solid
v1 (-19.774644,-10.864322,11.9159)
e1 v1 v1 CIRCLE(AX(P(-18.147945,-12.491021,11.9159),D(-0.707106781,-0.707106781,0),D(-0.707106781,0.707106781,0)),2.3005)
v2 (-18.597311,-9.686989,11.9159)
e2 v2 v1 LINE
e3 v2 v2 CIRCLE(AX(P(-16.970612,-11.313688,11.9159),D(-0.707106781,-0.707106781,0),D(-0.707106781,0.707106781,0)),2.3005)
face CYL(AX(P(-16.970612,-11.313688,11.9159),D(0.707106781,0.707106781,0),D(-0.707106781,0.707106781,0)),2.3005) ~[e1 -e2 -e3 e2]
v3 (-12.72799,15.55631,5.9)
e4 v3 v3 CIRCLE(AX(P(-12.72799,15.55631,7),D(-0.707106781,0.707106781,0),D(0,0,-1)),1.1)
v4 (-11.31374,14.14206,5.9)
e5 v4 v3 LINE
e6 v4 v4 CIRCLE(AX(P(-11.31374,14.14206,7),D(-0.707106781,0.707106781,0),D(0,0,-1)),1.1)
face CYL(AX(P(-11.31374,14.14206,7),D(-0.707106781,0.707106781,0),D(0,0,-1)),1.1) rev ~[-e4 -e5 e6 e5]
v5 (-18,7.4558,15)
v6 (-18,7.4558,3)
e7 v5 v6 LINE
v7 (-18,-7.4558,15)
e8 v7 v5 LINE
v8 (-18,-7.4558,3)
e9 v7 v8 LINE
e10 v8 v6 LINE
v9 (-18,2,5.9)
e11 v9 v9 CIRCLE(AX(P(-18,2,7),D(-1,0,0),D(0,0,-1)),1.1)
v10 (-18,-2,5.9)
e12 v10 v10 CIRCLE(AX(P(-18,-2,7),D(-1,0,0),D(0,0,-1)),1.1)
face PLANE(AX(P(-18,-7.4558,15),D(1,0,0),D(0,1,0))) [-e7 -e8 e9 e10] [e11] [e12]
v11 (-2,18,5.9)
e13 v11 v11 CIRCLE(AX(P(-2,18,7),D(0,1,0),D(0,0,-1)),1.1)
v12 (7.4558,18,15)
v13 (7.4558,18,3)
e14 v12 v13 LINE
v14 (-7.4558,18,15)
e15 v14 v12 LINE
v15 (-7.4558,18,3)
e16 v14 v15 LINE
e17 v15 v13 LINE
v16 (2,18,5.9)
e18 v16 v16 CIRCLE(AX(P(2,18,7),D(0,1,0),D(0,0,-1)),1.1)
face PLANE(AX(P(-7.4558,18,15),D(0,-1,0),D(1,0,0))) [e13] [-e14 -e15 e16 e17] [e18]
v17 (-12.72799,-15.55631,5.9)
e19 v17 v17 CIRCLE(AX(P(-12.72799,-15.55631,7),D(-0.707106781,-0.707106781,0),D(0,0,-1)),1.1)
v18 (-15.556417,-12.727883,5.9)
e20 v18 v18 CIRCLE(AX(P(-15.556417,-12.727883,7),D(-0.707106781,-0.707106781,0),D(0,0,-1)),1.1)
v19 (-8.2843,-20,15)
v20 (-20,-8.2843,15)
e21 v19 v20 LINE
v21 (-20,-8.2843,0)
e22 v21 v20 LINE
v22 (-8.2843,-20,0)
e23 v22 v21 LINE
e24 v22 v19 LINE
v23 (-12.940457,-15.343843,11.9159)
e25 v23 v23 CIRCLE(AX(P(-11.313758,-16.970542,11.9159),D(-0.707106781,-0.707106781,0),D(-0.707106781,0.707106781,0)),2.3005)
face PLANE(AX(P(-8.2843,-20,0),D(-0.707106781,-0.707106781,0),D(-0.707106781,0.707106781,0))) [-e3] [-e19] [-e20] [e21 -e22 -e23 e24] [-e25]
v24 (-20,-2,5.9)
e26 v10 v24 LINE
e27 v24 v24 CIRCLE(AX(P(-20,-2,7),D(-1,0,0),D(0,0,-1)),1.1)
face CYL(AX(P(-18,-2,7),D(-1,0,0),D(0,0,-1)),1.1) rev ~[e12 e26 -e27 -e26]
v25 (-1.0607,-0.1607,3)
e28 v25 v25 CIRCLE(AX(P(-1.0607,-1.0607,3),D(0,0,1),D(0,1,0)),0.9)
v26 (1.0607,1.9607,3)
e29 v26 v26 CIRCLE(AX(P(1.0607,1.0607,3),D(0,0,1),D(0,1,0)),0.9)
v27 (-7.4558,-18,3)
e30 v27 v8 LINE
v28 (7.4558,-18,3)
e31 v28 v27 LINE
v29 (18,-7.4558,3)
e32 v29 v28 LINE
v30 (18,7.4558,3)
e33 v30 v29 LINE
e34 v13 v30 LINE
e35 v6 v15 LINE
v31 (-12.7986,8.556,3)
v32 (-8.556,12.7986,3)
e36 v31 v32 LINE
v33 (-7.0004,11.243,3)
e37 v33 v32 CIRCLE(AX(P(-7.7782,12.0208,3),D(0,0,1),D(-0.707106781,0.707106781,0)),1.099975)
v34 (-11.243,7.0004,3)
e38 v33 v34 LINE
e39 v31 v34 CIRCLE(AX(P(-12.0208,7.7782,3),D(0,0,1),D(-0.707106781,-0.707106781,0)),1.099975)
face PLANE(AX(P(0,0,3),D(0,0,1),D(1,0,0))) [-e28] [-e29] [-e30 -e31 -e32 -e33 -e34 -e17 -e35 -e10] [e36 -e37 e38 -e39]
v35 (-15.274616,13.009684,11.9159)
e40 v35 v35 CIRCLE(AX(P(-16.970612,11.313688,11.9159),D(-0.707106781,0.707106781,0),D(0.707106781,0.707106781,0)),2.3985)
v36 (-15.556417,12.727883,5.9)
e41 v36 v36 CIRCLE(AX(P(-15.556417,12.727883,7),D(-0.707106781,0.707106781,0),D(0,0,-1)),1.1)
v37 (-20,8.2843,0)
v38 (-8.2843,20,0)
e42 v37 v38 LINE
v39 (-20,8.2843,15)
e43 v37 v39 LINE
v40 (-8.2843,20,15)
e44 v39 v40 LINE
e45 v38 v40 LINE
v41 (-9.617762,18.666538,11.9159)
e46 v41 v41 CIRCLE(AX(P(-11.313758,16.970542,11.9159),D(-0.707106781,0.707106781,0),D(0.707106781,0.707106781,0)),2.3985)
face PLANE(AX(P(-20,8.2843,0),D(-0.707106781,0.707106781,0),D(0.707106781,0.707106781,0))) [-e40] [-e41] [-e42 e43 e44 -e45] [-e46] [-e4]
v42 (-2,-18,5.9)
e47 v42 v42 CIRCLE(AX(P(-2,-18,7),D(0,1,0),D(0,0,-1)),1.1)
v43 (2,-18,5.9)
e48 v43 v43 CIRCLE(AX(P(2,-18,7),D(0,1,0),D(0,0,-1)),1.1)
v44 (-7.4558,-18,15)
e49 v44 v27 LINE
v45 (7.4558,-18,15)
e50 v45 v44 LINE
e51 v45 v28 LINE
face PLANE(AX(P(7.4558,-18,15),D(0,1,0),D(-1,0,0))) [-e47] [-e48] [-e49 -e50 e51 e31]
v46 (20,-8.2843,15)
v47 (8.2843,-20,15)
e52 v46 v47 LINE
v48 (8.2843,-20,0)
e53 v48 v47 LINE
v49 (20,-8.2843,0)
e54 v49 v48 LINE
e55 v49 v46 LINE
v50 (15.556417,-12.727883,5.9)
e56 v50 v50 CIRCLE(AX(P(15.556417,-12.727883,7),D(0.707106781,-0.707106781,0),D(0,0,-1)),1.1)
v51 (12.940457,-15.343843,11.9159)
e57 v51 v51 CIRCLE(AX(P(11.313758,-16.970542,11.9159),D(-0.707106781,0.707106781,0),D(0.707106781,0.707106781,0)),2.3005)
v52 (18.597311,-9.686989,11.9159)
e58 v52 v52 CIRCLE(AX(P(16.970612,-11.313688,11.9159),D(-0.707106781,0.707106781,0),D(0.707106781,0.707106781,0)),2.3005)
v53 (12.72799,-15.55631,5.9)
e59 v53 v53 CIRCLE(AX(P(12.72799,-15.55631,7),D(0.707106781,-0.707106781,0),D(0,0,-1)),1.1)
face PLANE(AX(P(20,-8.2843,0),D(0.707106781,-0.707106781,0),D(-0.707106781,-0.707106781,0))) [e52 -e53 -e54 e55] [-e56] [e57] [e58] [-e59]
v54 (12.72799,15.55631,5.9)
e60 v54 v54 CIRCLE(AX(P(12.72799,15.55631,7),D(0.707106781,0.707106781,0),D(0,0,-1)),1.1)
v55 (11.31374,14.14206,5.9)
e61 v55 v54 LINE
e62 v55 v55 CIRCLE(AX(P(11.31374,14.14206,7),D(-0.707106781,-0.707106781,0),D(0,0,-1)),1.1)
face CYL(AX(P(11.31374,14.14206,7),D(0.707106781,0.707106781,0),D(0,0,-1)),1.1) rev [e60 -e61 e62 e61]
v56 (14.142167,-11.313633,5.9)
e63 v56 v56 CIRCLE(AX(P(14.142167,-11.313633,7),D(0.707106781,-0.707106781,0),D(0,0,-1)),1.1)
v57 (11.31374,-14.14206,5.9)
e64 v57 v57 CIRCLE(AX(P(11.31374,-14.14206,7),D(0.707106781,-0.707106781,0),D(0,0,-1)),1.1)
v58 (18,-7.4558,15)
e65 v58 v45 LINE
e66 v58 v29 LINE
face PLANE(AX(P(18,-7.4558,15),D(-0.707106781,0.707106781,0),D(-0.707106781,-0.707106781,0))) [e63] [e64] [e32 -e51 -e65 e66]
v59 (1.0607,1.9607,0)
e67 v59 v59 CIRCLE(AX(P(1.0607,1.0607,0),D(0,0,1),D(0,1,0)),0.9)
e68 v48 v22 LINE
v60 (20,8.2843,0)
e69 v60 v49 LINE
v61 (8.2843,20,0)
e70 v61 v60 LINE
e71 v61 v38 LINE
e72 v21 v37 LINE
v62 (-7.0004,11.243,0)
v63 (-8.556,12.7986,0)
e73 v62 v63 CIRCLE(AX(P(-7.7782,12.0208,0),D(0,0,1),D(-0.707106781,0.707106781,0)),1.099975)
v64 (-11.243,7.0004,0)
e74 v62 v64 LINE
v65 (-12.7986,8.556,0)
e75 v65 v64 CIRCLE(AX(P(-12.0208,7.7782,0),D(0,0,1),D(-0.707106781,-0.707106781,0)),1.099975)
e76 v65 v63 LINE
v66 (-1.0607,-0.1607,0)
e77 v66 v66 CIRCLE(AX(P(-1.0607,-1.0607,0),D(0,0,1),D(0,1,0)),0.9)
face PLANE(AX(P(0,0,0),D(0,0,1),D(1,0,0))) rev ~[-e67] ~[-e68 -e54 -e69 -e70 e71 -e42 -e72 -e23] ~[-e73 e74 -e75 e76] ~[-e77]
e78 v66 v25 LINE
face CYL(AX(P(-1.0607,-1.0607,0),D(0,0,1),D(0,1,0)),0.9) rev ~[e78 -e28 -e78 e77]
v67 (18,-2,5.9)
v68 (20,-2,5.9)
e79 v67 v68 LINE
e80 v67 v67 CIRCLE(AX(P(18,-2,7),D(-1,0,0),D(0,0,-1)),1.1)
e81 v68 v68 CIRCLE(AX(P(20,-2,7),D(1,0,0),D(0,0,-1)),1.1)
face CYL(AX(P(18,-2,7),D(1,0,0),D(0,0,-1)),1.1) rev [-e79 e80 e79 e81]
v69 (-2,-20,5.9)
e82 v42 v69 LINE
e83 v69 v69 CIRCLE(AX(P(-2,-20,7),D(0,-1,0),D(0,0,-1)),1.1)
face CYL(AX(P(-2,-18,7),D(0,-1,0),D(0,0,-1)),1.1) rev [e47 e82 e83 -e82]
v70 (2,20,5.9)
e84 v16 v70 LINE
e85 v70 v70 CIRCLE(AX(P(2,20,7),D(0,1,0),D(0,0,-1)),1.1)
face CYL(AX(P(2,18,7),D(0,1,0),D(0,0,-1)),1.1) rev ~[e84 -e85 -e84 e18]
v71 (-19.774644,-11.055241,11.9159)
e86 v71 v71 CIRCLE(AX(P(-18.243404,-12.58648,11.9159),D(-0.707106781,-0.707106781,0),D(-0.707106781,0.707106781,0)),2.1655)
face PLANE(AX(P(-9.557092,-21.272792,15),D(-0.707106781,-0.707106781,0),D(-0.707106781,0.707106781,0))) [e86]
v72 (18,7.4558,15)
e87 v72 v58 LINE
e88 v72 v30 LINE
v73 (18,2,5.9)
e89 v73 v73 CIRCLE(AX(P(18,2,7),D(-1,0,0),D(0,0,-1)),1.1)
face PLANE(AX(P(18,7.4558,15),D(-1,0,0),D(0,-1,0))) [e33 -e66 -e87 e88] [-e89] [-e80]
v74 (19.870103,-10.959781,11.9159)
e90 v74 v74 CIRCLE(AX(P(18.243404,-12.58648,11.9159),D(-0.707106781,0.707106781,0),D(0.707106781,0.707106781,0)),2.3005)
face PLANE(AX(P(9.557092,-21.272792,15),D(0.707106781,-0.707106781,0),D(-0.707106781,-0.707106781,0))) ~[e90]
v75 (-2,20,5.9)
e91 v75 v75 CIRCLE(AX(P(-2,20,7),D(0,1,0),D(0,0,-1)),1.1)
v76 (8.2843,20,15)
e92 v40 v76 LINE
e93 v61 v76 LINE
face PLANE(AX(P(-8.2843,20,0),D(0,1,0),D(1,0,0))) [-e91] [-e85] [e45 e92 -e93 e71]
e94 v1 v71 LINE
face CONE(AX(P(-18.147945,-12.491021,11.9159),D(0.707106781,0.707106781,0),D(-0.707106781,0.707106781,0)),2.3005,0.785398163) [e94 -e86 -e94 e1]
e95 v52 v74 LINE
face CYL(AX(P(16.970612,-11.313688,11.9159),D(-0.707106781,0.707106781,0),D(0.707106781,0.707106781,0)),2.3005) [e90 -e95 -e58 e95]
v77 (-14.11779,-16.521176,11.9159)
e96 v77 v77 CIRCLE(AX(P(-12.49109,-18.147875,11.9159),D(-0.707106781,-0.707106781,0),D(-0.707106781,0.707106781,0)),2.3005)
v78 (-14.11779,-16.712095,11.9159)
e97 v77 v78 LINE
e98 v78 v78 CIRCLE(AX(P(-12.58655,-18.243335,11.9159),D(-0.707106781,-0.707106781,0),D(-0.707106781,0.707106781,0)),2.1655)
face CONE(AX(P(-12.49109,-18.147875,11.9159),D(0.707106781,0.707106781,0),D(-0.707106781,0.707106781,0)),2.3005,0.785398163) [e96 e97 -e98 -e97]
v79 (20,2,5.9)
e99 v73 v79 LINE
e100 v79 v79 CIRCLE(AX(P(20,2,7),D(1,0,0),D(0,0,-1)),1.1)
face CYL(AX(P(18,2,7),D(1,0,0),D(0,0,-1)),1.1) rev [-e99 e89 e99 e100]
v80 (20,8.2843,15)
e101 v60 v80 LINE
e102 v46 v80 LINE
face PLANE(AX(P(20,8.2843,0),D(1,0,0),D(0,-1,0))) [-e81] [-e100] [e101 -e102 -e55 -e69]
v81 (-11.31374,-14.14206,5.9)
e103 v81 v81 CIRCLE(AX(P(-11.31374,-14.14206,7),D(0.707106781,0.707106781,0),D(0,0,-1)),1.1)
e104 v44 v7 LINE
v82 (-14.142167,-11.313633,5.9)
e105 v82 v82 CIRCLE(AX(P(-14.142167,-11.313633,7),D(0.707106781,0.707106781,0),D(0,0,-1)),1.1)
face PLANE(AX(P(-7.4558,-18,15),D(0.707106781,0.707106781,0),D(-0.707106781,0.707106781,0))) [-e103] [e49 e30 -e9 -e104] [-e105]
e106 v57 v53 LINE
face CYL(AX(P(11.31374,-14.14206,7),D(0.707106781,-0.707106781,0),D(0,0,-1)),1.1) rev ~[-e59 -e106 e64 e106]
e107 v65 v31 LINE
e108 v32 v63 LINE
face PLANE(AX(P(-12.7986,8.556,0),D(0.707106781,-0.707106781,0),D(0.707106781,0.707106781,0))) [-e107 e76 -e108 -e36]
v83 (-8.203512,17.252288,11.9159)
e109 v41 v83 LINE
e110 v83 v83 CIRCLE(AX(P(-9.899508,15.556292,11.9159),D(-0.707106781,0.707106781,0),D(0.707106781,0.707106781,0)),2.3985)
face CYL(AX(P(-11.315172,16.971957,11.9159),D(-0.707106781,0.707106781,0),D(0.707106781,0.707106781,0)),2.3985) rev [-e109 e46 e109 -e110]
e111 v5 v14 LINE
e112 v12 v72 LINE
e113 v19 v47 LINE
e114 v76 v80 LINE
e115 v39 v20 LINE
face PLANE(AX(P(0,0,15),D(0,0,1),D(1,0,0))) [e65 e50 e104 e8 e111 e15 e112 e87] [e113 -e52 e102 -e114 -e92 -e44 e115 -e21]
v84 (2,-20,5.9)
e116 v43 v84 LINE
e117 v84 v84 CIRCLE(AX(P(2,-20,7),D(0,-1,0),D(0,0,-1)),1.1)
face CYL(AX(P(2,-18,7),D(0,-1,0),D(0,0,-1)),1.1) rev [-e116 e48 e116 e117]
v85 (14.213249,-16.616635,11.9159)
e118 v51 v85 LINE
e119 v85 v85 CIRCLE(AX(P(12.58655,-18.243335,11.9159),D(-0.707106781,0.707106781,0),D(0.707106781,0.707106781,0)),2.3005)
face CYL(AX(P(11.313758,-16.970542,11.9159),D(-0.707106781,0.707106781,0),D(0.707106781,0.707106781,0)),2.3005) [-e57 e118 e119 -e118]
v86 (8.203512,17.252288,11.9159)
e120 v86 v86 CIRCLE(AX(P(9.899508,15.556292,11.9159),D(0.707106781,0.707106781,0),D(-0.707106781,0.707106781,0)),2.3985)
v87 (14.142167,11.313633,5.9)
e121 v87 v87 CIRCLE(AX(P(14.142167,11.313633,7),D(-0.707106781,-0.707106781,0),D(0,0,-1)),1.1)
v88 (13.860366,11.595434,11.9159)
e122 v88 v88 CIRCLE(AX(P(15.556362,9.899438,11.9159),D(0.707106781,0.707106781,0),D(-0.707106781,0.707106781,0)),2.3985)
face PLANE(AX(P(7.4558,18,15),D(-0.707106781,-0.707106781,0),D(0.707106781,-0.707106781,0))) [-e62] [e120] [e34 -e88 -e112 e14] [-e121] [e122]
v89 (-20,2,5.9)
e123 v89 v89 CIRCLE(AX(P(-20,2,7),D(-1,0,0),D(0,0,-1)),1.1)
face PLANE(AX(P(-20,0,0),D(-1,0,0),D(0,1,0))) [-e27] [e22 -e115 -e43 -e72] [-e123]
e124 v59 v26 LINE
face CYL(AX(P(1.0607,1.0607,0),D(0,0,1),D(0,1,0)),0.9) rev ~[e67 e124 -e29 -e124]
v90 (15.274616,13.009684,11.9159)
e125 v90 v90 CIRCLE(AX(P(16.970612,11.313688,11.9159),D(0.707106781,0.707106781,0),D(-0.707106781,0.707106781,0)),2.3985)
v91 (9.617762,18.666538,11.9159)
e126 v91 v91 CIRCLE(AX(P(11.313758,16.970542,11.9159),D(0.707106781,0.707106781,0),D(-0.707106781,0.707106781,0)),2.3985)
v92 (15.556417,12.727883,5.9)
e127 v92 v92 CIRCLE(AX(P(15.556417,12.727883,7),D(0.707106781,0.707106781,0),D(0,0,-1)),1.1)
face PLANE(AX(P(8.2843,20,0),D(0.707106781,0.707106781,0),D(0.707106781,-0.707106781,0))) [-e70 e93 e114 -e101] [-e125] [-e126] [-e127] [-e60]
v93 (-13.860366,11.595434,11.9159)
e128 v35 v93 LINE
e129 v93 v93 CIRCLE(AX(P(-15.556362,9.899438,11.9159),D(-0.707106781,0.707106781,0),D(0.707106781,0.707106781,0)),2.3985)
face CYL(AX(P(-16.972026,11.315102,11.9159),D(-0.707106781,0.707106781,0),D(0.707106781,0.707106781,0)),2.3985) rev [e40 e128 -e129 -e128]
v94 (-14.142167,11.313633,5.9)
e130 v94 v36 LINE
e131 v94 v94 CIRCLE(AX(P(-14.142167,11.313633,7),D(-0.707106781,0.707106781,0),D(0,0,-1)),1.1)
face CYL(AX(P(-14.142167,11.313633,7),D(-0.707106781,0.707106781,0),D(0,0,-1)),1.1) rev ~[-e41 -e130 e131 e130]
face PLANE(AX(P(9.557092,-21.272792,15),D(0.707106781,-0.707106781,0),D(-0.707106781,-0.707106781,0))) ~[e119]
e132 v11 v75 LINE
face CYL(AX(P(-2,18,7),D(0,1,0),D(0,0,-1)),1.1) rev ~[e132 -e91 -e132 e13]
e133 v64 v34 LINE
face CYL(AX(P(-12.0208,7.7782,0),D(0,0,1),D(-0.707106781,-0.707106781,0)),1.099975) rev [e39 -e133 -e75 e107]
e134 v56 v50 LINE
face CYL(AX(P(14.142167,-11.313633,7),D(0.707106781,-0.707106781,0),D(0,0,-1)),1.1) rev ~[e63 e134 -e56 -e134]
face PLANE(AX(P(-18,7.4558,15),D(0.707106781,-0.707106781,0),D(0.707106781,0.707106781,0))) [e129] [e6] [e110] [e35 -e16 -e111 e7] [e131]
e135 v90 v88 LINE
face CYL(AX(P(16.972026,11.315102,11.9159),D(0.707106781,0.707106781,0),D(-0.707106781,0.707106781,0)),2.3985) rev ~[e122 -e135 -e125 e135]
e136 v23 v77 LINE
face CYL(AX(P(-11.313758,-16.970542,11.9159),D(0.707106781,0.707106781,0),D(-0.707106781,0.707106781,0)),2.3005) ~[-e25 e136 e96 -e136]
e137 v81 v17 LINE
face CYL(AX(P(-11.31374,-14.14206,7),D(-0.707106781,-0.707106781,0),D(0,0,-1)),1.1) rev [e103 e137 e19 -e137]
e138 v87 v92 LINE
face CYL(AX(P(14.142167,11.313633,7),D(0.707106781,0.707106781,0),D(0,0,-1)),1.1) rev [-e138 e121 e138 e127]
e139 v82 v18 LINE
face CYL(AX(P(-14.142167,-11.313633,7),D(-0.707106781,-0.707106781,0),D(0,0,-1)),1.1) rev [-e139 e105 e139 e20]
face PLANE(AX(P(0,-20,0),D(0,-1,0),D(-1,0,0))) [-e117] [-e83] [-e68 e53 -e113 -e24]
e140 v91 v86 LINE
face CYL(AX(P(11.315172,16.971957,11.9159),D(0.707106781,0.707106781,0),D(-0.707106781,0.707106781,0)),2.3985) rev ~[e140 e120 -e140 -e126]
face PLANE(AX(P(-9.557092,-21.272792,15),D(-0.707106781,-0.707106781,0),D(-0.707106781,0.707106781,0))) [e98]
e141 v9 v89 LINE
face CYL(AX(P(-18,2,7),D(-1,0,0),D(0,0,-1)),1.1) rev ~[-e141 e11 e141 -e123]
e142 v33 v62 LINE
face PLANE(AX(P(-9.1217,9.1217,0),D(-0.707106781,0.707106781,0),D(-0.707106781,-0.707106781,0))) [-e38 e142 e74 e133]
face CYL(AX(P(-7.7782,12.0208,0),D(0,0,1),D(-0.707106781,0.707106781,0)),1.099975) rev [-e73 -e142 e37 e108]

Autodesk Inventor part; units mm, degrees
sketch "Skizze1" plane through (0, 0, 0) normal (0, 0, 1) x (1, 0, 0)
  line L0 (-8.2843, 20) -> (8.2843, 20)
  line L1 (8.2843, 20) -> (20, 8.2843)
  line L2 (20, 8.2843) -> (20, -8.2843)
  line L3 (20, -8.2843) -> (8.2843, -20)
  line L4 (8.2843, -20) -> (-8.2843, -20)
  line L5 (-8.2843, -20) -> (-20, -8.2843)
  line L6 (-20, -8.2843) -> (-20, 8.2843)
  line L7 (-20, 8.2843) -> (-8.2843, 20)
  line L8 (0, -28) -> (0, 28) projected
  line L9 (-28, 0) -> (28, 0) projected
  point P0 (0, 0)
  dimension "d0" = 40
  dimension "d1" = 40
extrude "Extrusion1" add sketch "Skizze1" along normal blind 15
sketch "Skizze2" plane through (0, 0, 15) normal (0, 0, 1) x (1, 0, 0)
  line L0 (8.2843, 20) -> (-8.2843, 20) projected
  line L1 (-8.2843, 20) -> (-20, 8.2843) projected
  line L2 (-20, 8.2843) -> (-20, -8.2843) projected
  line L3 (-20, -8.2843) -> (-8.2843, -20) projected
  line L4 (-8.2843, -20) -> (8.2843, -20) projected
  line L5 (8.2843, -20) -> (20, -8.2843) projected
  line L6 (20, -8.2843) -> (20, 8.2843) projected
  line L7 (20, 8.2843) -> (8.2843, 20) projected
  line L8 (-7.4558, 18) -> (7.4558, 18)
  line L9 (7.4558, 18) -> (18, 7.4558)
  line L10 (18, 7.4558) -> (18, -7.4558)
  line L11 (18, -7.4558) -> (7.4558, -18)
  line L12 (7.4558, -18) -> (-7.4558, -18)
  line L13 (-7.4558, -18) -> (-18, -7.4558)
  line L14 (-18, -7.4558) -> (-18, 7.4558)
  line L15 (-18, 7.4558) -> (-7.4558, 18)
  point P0 (0, 0)
  dimension "d4" = 2
extrude "Extrusion2" cut sketch "Skizze2" against normal blind 12 contours L8 L9 L10 L11 L12 L13 L14 L15
sketch "Skizze3" plane through (-18, -7.4558, 15) normal (1, 0, 0) x (0, 0, -1)
  line L0 (0, 0) -> (0, 14.9117) projected
  line L1 (0, 0) -> (12, 0) projected
  line L2 (12, 0) -> (12, 14.9117) projected
  line L3 (0, 14.9117) -> (12, 14.9117) projected
  line L4 (12, 0) -> (12, 14.9117) projected
  line L5 (12, 7.4558) -> (0, 7.4558)
  line L6 (0, 0) -> (0, 14.9117) projected
  point P0 (15, 7.4558)
  point P1 (8, 9.4558)
  point P2 (8, 5.4558)
  dimension "d7" = 4
  dimension "d23" = 4
hole "Bohrung1" at (-18, 2, 7) at (-18, -2, 7) direction (-1, 0, 0) diameter 2.2 end through all
mirror "Spiegeln1" about plane through (0, 0, 0) normal (1, 0, 0) of "Bohrung1"
ref_plane "Arbeitsebene1" through (-5.2721, -5.2721, 15) normal (0.7071, -0.7071, 0) x (-0.7071, -0.7071, 0)
mirror "Spiegeln2" about plane through (-5.2721, -5.2721, 15) normal (0.7071, -0.7071, 0) of "Bohrung1"
sketch "Skizze4" plane through (-7.4558, -18, 3) normal (0.7071, 0.7071, 0) x (-0.7071, 0.7071, 0)
  point P0 (7.4558, -3)
ref_plane "Arbeitsebene2" through (-18, -7.4558, 15) normal (0.3827, -0.9239, 0) x (0, 0, -1)
mirror "Spiegeln3" about plane through (-18, -7.4558, 15) normal (0.3827, -0.9239, 0) of "Bohrung1"
mirror "Spiegeln4" about plane through (0, 0, 0) normal (0, 1, 0) of "Bohrung1", "Spiegeln2"
mirror "Spiegeln5" about plane through (0, 0, 0) normal (1, 0, 0) of "Bohrung1", "Spiegeln3"
mirror "Spiegeln6" about plane through (0, 0, 0) normal (0, 1, 0) of "Bohrung1", "Spiegeln3", "Spiegeln5"
sketch "Skizze6" plane through (-8.2843, -20, 15) normal (-0.7071, -0.7071, 0) x (-0.7071, 0.7071, 0)
  circle A0 centre (4.2843, 3.0841) radius 2.3005
  circle A1 centre (6.2843, 8) radius 1.1 projected
  circle A2 centre (10.2843, 8) radius 1.1 projected
  line L0 (0, 15) -> (16.5685, 15) projected
  line L1 (0, 15) -> (0, 0) projected
  line L2 (16.5685, 0) -> (0, 0) projected
  line L3 (16.5685, 15) -> (16.5685, 0) projected
  circle A3 centre (12.2843, 3.0841) radius 2.3005
  line L4 (8.2843, 15) -> (8.2843, 0)
  line L5 (16.5685, 0) -> (0, 0) projected
  dimension "d24" = 4.601
  dimension "d25" = 4.601
  dimension "d26" = 8
extrude "Extrusion3" add sketch "Skizze6" along normal blind 1.8 contours A0 | A3
chamfer "Fase1" distance 0.135 angle 45 2 edges at (-10.9598, -19.8701, 11.9159) (-16.6167, -14.2132, 11.9159)
sketch "Skizze7" plane through (8.2843, 20, 0) normal (0.7071, 0.7071, 0) x (-0.7071, 0.7071, 0)
  circle A0 centre (-4.2843, 11.9159) radius 2.3005 projected
  circle A1 centre (-12.2843, 11.9159) radius 2.3005 projected
  circle A2 centre (-4.2843, 11.9159) radius 2.3985
  circle A3 centre (-12.2843, 11.9159) radius 2.3985
  point P0 (-8.2843, 0)
  dimension "d33" = 4.797
  dimension "d34" = 4.797
extrude "Extrusion4" cut sketch "Skizze7" against normal blind 2.2 contours A0 | A1 | A2 | A3
sketch "Skizze8" plane through (0, 0, 0) normal (0, 0, -1) x (-1, 0, 0)
  line L0 (8.2843, 20) -> (-8.2843, 20) projected
  line L1 (-8.2843, 20) -> (-20, 8.2843) projected
  line L2 (-20, 8.2843) -> (-20, -8.2843) projected
  line L3 (-20, -8.2843) -> (-8.2843, -20) projected
  line L4 (-8.2843, -20) -> (8.2843, -20) projected
  line L5 (8.2843, -20) -> (20, -8.2843) projected
  line L6 (20, -8.2843) -> (20, 8.2843) projected
  line L7 (20, 8.2843) -> (8.2843, 20) projected
  line L8 (8.2843, -20) -> (20, -8.2843) projected
  line L9 (14.1421, -14.1421) -> (-14.1421, 14.1421)
  line L10 (-20, 8.2843) -> (-8.2843, 20) projected
  point P0 (0, 0)
  point P1 (1.0607, -1.0607)
  point P2 (-1.0607, 1.0607)
  dimension "d43" = 3
  dimension "d44" = 1.5
hole "Bohrung3" at (-1.0607, -1.0607, 0) at (1.0607, 1.0607, 0) direction (0, 0, 1) diameter 1.8 end through all
ref_plane "Arbeitsebene3" through (0, -18, 15) normal (1, 0, 0) x (0, 1, 0)
mirror "Spiegeln7" about plane through (0, -18, 15) normal (1, 0, 0) of "Extrusion3", "Extrusion4"
sketch "Skizze9" plane through (0, 0, 0) normal (0, 0, -1) x (-1, 0, 0)
  circle A0 centre (1.0607, -1.0607) radius 0.9 projected
  circle A1 centre (-1.0607, 1.0607) radius 0.9 projected
  line L0 (8.2843, 20) -> (-8.2843, 20) projected
  line L1 (-8.2843, 20) -> (-20, 8.2843) projected
  line L2 (-20, 8.2843) -> (-20, -8.2843) projected
  line L3 (-20, -8.2843) -> (-8.2843, -20) projected
  line L4 (-8.2843, -20) -> (8.2843, -20) projected
  line L5 (8.2843, -20) -> (20, -8.2843) projected
  line L6 (20, -8.2843) -> (20, 8.2843) projected
  line L7 (20, 8.2843) -> (8.2843, 20) projected
  line L8 (7.0004, 12.7986) -> (7.0004, 12.7986)
  line L9 (7.0004, 11.243) -> (11.243, 7.0004)
  line L10 (12.7986, 7.0004) -> (12.7986, 7.0004)
  line L11 (12.7986, 8.556) -> (8.556, 12.7986)
  line L12 (20, 8.2843) -> (8.2843, 20) projected
  line L13 (0, 0) -> (14.1421, 14.1421)
  arc A2 (11.243, 7.0004) -> (12.7986, 7.0004) centre (12.0208, 7.7782) ccw
  arc A3 (12.7986, 7.0004) -> (12.7986, 8.556) centre (12.0208, 7.7782) ccw
  arc A4 (7.0004, 12.7986) -> (7.0004, 11.243) centre (7.7782, 12.0208) ccw
  arc A5 (8.556, 12.7986) -> (7.0004, 12.7986) centre (7.7782, 12.0208) ccw
  dimension "d52" = 1.1
  dimension "d53" = 1.1
  dimension "d54" = 2.2
  dimension "d55" = 3
  dimension "d58" = 6
extrude "Extrusion5" cut sketch "Skizze9" along normal mid plane 10 contours L11 A3 A2 L9 L13 | L13 L9 A4 A5 L11
equation "\"d1\" = d0"
equation "\"d34\" = d33"
properties part number "oktagonOben_v2"
